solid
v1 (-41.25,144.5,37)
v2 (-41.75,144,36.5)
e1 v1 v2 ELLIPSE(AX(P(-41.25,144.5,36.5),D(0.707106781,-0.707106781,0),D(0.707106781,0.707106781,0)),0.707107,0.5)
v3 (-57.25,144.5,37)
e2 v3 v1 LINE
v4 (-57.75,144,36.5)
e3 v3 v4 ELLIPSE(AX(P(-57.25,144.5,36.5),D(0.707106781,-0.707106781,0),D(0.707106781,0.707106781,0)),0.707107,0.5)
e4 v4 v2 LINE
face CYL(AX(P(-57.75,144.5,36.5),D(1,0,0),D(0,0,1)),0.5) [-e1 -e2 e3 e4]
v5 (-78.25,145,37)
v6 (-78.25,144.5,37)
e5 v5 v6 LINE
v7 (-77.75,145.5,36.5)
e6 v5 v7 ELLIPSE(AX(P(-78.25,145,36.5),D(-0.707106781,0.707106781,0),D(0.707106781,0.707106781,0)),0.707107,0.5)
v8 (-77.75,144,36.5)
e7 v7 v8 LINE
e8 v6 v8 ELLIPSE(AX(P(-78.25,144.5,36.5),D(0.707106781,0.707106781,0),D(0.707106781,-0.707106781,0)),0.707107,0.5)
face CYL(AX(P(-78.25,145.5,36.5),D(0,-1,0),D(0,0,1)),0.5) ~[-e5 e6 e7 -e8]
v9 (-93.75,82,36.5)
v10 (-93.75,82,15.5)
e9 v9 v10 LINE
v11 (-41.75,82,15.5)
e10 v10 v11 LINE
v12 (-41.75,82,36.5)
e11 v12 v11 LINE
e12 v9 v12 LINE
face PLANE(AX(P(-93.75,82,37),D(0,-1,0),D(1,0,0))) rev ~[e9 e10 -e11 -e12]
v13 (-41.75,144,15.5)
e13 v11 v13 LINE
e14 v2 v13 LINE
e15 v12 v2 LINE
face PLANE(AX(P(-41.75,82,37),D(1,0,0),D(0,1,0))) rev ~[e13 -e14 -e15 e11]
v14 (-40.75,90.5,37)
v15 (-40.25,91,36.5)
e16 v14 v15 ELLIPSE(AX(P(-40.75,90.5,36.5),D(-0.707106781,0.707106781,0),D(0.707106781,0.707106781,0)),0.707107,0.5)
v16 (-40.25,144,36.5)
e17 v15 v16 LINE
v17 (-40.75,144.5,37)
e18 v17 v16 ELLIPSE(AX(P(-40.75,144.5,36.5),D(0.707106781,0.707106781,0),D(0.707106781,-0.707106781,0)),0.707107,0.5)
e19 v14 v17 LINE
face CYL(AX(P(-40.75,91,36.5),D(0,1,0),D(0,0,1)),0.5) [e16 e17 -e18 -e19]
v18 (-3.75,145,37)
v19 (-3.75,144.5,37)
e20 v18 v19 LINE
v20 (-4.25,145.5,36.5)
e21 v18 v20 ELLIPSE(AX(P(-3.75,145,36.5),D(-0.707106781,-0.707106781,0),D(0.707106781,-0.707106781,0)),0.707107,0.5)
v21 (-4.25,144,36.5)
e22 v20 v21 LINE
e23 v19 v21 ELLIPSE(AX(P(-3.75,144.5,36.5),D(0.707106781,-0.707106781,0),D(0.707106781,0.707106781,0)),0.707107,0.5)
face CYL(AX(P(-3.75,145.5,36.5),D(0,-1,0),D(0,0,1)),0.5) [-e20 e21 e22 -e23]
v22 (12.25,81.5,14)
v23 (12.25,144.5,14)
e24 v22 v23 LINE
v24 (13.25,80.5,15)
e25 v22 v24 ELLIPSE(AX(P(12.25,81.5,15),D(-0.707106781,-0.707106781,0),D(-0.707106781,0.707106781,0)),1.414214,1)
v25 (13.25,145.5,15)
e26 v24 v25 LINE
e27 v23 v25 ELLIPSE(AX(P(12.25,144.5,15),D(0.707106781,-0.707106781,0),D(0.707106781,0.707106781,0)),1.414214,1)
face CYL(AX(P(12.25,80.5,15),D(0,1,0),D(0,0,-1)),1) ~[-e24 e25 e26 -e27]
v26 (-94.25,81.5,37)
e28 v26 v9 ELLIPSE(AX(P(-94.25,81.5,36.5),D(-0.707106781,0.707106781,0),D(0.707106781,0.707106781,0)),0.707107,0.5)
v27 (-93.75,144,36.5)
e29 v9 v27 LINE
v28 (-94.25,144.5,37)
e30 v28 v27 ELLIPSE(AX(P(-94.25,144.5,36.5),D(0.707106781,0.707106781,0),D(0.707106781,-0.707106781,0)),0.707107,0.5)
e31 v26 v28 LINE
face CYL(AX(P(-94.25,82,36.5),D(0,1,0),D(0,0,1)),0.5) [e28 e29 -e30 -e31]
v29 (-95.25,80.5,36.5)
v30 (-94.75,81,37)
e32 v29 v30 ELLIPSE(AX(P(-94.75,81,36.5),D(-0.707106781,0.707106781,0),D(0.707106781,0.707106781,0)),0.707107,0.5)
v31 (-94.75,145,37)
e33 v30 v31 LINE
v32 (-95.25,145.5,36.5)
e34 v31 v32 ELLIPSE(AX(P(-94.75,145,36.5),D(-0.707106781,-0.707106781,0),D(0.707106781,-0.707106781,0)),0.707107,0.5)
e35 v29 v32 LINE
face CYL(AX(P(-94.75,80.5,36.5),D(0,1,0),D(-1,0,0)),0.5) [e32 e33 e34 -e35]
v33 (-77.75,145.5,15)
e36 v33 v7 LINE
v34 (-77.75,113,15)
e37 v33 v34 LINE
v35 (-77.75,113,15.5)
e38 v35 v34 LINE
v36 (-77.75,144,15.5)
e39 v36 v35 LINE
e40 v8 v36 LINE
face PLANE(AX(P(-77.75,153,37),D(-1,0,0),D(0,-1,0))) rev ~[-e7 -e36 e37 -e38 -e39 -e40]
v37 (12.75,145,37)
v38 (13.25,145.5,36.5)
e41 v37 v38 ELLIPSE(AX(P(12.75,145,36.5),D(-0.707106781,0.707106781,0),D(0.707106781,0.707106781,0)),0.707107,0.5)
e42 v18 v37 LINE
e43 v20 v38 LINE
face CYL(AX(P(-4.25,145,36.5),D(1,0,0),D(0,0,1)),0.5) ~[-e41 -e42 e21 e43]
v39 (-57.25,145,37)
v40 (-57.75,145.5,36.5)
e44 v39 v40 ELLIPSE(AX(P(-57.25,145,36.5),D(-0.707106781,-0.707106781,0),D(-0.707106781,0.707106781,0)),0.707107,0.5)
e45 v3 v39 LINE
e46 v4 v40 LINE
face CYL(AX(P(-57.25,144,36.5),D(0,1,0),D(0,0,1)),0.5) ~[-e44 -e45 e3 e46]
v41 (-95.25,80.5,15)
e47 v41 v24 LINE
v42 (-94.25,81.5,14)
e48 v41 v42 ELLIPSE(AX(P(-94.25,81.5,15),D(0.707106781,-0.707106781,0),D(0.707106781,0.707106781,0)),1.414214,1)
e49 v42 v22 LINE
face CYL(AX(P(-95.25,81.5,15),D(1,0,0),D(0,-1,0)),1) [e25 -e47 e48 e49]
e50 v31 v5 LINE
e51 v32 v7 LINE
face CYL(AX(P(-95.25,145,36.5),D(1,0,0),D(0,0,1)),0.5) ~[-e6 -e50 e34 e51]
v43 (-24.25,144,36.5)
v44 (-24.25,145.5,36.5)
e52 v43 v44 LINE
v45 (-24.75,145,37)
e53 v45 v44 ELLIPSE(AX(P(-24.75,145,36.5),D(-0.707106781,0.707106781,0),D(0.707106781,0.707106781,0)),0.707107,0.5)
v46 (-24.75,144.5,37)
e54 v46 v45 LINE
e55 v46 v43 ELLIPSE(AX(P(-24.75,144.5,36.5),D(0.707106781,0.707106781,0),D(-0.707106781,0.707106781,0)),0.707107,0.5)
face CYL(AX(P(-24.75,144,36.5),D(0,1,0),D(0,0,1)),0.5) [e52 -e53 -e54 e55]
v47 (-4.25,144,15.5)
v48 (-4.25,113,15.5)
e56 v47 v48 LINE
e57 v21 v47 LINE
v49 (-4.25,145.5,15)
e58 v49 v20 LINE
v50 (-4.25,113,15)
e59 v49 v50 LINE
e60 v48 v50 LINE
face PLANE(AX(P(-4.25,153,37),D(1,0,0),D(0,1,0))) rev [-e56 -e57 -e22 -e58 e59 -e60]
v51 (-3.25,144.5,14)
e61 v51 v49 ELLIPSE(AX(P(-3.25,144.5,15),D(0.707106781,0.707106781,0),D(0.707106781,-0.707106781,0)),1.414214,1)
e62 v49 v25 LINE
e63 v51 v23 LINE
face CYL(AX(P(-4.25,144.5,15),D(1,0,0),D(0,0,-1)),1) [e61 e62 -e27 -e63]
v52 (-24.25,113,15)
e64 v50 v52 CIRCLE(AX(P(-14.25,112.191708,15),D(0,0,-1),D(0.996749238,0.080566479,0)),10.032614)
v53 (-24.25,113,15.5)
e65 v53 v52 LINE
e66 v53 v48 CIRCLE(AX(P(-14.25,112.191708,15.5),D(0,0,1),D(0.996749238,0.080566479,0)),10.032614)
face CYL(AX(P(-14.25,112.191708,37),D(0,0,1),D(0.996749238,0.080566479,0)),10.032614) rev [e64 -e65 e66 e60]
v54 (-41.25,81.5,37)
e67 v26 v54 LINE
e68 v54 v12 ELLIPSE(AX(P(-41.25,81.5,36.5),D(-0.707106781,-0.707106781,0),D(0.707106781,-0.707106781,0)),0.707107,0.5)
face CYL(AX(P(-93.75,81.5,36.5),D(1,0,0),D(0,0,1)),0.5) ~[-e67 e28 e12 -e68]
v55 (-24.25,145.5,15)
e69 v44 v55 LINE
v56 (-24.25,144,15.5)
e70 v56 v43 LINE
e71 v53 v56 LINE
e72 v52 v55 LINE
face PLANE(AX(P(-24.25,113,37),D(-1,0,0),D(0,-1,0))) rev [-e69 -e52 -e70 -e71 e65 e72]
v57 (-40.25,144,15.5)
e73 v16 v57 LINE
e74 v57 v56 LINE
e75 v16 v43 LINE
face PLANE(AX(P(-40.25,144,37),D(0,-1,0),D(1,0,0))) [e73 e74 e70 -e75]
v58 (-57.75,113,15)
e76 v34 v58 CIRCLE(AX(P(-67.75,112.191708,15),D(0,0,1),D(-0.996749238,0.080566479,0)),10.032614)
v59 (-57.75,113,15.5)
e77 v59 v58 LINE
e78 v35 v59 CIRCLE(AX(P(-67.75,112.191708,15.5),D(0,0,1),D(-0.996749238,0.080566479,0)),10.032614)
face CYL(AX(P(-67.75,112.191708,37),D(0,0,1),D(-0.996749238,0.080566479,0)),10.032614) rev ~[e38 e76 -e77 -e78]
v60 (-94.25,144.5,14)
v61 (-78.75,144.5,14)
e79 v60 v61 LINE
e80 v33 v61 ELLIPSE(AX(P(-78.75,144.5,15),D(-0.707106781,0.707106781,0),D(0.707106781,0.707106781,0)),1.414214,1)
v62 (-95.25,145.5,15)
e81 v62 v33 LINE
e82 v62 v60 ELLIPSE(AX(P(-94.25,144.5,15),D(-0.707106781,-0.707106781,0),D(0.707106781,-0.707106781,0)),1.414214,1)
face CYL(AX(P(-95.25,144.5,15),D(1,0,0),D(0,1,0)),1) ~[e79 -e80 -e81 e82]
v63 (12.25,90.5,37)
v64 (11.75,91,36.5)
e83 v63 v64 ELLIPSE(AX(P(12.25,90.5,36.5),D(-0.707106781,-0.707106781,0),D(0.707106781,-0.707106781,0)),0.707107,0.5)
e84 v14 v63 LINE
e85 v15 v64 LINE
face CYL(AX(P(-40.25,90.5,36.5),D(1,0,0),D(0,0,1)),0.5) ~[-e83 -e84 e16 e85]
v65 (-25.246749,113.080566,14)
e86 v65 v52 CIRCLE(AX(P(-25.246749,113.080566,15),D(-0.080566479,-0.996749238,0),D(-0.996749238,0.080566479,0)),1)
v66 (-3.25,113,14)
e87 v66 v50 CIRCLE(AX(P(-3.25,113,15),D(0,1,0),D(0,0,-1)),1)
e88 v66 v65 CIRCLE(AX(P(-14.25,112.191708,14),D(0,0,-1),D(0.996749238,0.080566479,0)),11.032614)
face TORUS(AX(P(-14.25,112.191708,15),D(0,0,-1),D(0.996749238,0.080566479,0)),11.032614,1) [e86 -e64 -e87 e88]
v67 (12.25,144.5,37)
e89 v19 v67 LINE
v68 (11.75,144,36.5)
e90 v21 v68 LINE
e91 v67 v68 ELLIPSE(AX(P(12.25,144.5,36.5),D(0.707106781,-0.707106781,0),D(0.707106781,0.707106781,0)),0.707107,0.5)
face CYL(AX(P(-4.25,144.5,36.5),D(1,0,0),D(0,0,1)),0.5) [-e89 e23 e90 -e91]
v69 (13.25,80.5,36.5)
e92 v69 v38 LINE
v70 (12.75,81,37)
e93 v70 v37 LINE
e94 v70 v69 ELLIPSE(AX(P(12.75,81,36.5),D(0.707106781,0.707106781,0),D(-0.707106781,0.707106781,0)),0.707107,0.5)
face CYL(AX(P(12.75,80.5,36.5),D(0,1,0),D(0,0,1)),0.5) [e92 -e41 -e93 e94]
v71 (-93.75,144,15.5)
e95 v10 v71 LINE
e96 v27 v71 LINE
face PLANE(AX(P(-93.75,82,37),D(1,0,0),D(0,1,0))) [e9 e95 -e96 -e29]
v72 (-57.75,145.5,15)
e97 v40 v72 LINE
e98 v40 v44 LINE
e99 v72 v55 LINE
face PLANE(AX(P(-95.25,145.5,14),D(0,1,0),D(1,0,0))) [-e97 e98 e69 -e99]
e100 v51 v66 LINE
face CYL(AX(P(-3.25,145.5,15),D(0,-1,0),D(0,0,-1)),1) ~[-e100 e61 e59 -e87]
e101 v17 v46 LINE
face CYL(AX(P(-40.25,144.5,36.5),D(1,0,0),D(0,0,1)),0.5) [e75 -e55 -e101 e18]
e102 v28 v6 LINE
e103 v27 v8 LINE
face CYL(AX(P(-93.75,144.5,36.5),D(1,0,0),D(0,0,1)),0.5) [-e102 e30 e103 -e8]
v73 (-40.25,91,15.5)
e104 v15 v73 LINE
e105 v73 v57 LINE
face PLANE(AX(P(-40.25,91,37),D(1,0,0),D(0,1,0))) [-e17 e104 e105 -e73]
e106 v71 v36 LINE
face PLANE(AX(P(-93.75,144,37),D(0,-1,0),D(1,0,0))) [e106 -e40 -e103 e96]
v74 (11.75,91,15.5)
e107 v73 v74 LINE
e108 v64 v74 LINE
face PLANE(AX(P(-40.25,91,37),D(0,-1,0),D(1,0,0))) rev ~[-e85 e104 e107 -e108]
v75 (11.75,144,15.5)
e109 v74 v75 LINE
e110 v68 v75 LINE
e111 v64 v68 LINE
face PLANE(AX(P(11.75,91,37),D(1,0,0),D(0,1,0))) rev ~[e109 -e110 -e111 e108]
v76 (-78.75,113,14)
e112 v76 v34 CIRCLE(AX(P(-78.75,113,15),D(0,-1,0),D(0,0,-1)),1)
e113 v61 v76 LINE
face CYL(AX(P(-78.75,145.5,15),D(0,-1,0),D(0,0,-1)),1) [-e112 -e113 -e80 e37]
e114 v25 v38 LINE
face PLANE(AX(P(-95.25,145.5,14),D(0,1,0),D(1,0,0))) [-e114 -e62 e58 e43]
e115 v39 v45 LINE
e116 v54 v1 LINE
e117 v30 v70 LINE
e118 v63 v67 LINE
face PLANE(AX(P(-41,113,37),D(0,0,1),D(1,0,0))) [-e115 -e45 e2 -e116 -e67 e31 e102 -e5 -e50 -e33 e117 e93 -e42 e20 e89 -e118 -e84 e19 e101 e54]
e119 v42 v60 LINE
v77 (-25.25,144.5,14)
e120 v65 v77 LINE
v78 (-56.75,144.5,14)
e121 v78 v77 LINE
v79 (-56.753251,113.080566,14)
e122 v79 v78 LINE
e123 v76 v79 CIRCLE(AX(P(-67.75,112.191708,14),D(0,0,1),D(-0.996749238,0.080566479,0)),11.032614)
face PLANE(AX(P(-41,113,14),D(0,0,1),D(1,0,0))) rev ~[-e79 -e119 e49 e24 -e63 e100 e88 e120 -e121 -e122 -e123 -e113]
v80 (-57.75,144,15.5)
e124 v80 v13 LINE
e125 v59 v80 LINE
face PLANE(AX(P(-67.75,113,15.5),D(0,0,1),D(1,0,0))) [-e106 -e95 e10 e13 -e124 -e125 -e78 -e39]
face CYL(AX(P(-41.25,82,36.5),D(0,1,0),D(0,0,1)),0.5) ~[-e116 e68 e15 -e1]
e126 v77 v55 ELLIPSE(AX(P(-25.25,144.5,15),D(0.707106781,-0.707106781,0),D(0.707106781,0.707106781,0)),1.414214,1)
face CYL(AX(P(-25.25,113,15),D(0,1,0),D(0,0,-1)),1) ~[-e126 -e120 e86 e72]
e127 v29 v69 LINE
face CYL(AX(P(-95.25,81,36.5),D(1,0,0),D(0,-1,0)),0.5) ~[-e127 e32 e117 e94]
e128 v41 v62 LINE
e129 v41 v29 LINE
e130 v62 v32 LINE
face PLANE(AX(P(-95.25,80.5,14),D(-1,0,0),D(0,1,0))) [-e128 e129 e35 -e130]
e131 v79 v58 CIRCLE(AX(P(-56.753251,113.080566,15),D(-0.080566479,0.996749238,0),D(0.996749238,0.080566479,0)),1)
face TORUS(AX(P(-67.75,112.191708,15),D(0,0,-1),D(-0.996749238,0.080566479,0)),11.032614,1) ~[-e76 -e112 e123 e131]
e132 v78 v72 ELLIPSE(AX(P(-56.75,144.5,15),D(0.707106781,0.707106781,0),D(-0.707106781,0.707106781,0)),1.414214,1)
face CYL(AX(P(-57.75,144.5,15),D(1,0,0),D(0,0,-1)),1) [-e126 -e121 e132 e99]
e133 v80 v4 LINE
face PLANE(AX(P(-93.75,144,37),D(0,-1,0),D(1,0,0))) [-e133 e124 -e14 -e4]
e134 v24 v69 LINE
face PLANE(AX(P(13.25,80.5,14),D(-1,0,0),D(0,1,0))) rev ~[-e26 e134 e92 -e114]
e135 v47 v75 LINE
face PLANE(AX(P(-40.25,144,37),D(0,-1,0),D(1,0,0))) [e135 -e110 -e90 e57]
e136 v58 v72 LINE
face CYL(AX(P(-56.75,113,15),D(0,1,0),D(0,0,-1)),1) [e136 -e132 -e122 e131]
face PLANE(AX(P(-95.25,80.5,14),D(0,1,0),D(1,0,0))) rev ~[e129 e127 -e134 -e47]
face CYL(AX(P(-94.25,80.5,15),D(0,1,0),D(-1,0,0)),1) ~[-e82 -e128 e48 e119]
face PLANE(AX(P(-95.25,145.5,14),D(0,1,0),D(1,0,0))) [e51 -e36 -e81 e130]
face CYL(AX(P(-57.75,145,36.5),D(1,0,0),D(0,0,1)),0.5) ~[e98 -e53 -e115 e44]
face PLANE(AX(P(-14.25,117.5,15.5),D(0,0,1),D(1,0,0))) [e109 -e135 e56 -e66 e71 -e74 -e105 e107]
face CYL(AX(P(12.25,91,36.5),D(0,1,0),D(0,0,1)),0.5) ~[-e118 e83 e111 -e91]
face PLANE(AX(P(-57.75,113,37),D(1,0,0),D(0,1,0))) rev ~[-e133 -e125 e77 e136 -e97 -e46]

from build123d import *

# Parameters (mm, degrees)
SKETCH006_W     = 108.5
SKETCH006_H     = 65
PAD003_DEPTH    = 23
SKETCH007_W     = 52
SKETCH007_H     = 62
SKETCH007_H_2   = 53
POCKET003_DEPTH = 21.5
POCKET004_DEPTH = 280.109926
FILLET003_R     = 1
FILLET004_R     = 0.5


with BuildPart() as part:
    # Sketch006 → Pad003 (new body)
    with BuildSketch(Plane.XY):
        Rectangle(SKETCH006_W, SKETCH006_H)
    extrude(amount=PAD003_DEPTH)

    # Sketch007 (on DatumPlane) → Pocket003 (cut)
    with BuildSketch(Plane.XY.offset(23)):
        with Locations((-26.75, 0)):
            Rectangle(SKETCH007_W, SKETCH007_H)
        with Locations((26.75, 4.5)):
            Rectangle(SKETCH007_W, SKETCH007_H_2)
    extrude(amount=-POCKET003_DEPTH, mode=Mode.SUBTRACT)

    # Sketch008 (on DatumPlane) → Pocket004 (cut, through all)
    with BuildSketch(Plane(origin=(-26.75, 0, 23), x_dir=(1, 0, 0), z_dir=(0, 0, 1))):
        with BuildLine():
            Line((10, 0), (10, 40))
            Line((10, 40), (-10, 40))
            Line((-10, 40), (-10, 0))
            ThreePointArc((-10, 0), (0, -10.840906), (10, 0))
        make_face()
    pocket004 = extrude(amount=-POCKET004_DEPTH, mode=Mode.SUBTRACT)

    # Mirrored002: Pocket004 across YZ
    add(pocket004.mirror(Plane.YZ), mode=Mode.SUBTRACT)

    # Fillet003
    fillet003_edges = [part.edges().sort_by_distance(p)[0] for p in [
        (-45.5, 32.5, 0),
        (-36.75, 16.25, 0),
        (-26.75, -10.840906, 0),
        (-16.75, 16.25, 0),
        (0, 32.5, 0),
        (16.75, 16.25, 0),
        (26.75, -10.840906, 0),
        (36.75, 16.25, 0),
        (45.5, 32.5, 0),
        (54.25, 0, 0),
        (0, -32.5, 0),
        (-54.25, 0, 0),
    ]]
    fillet(fillet003_edges, radius=FILLET003_R)

    # Fillet004
    fillet004_edges = [part.edges().sort_by_distance(p)[0] for p in [
        (-45.5, 32.5, 23),
        (-36.75, 31.75, 23),
        (-44.75, 31, 23),
        (-52.75, 0, 23),
        (-26.75, -31, 23),
        (-0.75, 0, 23),
        (-8.75, 31, 23),
        (-16.75, 31.75, 23),
        (0, 32.5, 23),
        (16.75, 31.75, 23),
        (8.75, 31, 23),
        (0.75, 4.5, 23),
        (26.75, -22, 23),
        (52.75, 4.5, 23),
        (44.75, 31, 23),
        (36.75, 31.75, 23),
        (45.5, 32.5, 23),
        (54.25, 0, 23),
        (0, -32.5, 23),
        (-54.25, 0, 23),
    ]]
    fillet(fillet004_edges, radius=FILLET004_R)


with BuildPart() as part_1:
    # Body002 placement: moved
    add(part.part.moved(Location((-41, 113, 14))))


solid = part_1.part
